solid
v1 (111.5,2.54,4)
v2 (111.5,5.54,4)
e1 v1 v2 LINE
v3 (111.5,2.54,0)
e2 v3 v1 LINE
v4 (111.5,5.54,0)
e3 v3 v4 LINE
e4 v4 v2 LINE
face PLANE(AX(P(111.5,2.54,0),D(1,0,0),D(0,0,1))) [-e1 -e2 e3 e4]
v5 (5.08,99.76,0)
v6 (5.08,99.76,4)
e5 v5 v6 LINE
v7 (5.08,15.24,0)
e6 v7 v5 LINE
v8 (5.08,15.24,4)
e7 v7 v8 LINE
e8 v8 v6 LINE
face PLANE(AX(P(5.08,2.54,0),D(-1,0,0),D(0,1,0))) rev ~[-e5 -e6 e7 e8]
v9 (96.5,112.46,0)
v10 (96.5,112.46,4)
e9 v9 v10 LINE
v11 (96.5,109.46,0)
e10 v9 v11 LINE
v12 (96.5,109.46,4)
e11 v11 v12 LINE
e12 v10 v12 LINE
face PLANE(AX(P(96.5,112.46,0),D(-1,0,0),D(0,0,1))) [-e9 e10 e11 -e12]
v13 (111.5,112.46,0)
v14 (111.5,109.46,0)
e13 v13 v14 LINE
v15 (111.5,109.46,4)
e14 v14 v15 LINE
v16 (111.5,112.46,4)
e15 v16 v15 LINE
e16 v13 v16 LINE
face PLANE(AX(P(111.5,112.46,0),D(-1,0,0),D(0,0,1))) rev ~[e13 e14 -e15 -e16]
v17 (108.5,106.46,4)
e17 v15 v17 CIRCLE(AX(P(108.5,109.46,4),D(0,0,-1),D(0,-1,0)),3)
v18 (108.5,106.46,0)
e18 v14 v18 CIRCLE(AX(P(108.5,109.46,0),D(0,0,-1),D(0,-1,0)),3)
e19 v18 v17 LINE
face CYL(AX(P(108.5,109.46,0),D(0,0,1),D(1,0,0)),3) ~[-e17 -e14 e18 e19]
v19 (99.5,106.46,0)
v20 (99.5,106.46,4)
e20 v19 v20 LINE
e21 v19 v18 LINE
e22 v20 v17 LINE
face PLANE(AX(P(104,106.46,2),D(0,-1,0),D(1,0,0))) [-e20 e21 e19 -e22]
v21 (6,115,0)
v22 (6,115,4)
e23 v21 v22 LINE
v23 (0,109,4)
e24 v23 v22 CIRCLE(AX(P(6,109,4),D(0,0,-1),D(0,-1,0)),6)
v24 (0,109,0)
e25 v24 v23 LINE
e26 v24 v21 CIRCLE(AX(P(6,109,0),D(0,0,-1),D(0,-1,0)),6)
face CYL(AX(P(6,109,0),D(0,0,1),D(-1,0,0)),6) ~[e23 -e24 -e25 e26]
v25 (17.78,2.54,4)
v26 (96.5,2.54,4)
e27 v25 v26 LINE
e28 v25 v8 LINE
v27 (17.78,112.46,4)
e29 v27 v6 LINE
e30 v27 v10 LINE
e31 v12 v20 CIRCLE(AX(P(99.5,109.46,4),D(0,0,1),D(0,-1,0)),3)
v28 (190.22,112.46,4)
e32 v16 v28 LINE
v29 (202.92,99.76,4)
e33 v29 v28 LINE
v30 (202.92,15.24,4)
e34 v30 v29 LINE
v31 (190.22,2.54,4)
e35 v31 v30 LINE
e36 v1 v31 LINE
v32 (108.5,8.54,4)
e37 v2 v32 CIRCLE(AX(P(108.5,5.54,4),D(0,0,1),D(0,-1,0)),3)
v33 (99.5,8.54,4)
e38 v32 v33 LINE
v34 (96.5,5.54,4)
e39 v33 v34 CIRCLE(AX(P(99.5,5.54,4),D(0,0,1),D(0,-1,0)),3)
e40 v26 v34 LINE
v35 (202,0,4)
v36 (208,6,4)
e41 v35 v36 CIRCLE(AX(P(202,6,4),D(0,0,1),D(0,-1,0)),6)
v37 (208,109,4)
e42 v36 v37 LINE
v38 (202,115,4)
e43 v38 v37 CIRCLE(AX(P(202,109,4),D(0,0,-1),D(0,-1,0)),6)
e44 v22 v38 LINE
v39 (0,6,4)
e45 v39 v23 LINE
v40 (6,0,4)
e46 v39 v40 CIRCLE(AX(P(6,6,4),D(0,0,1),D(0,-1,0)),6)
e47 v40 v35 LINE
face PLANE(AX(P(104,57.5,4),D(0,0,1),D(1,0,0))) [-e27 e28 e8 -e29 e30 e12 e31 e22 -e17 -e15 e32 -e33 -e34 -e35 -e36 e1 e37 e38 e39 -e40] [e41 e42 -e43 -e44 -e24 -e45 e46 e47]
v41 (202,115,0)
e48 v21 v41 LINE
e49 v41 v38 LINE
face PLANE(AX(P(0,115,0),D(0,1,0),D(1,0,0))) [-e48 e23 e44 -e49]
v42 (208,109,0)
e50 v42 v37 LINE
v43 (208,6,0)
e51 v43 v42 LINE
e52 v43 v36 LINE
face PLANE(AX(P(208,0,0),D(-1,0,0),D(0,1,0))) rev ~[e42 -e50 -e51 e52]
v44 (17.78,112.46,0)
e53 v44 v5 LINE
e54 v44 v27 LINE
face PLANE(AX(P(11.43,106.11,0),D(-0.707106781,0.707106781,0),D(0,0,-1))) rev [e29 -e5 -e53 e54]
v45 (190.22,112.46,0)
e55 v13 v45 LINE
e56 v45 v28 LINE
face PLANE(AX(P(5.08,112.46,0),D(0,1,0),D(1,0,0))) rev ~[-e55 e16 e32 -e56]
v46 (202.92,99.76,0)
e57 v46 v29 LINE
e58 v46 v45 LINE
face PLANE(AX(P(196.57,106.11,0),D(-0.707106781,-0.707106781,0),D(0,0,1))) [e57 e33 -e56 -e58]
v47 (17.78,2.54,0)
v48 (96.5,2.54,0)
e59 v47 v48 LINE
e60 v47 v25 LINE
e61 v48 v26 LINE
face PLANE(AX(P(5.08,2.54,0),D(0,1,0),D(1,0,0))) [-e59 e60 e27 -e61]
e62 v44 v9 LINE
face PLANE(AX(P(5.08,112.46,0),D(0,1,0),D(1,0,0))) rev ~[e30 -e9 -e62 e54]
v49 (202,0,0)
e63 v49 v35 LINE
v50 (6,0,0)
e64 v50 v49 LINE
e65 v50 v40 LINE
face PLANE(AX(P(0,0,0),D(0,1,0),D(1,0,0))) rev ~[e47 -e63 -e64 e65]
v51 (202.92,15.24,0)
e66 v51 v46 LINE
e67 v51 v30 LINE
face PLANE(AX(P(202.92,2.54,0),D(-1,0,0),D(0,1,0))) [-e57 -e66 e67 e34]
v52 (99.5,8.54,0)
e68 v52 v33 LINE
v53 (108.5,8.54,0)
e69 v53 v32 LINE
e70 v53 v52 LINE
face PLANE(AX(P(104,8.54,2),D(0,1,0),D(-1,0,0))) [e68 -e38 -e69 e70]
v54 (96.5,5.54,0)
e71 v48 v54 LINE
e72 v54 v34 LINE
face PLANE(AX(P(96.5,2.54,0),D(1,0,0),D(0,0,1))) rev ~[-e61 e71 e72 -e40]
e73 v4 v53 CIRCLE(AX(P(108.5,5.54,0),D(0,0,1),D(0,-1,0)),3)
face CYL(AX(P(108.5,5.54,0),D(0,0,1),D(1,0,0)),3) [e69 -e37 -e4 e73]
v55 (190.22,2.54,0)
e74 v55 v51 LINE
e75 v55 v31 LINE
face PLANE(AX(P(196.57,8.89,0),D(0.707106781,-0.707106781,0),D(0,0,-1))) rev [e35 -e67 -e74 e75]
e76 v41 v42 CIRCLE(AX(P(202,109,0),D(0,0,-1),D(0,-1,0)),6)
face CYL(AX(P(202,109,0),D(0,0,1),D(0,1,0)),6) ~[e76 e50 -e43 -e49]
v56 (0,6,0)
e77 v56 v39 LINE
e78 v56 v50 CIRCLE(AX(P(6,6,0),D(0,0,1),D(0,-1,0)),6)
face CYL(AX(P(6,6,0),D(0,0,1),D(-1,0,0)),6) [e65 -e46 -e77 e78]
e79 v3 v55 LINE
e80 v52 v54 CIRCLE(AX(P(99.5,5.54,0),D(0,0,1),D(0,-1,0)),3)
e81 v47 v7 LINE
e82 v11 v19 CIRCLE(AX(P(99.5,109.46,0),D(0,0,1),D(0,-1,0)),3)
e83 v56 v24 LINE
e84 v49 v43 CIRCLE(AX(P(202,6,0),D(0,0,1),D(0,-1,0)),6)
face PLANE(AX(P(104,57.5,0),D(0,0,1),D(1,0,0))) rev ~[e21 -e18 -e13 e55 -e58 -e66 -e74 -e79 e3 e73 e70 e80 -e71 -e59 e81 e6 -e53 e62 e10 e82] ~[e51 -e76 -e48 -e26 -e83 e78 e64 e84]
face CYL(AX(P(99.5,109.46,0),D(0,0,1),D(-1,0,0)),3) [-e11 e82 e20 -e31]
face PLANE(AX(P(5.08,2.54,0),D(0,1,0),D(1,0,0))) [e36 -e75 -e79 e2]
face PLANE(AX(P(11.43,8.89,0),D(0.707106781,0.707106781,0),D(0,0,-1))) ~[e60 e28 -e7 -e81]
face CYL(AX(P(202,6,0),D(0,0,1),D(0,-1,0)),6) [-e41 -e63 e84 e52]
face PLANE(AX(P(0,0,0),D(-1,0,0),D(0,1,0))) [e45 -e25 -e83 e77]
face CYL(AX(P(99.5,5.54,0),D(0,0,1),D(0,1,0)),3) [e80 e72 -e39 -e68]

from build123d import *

# Parameters (mm, degrees)
F0_W     = 208
F0_H     = 115
F0_W_2   = 197.84
F0_H_2   = 109.92
F1_DEPTH = 4
F2_R     = 6
F3_SIZE  = 12.7
F4_W     = 15
F4_H     = 4
F5_DEPTH = 6
F6_W     = 15
F6_H     = 4
F7_DEPTH = 6
F8_R     = 3


with BuildPart() as f1:
    # F0 (on Top) → F1 (new body)
    with BuildSketch(Plane.XY):
        with Locations((104, 57.5)):
            Rectangle(F0_W, F0_H)
        with Locations((104, 57.5)):
            Rectangle(F0_W_2, F0_H_2, mode=Mode.SUBTRACT)
    extrude(amount=F1_DEPTH)

    # F2
    f2_edges = [f1.edges().sort_by_distance(p)[0] for p in [
        (0, 115, 2),
        (208, 115, 2),
        (208, 0, 2),
        (0, 0, 2),
    ]]
    fillet(f2_edges, radius=F2_R)

    # F3
    f3_edges = [f1.edges().sort_by_distance(p)[0] for p in [
        (5.08, 112.46, 2),
        (202.92, 2.54, 2),
        (202.92, 112.46, 2),
        (5.08, 2.54, 2),
    ]]
    chamfer(f3_edges, length=F3_SIZE)

    # F4 (on face) → F5 (join)
    with BuildSketch(Plane(origin=(0, 2.54, 0), x_dir=(-1, 0, 0), z_dir=(0, 1, 0))):
        with Locations((-104, 2)):
            Rectangle(F4_W, F4_H)
    extrude(amount=F5_DEPTH)

    # F6 (on face) → F7 (join)
    with BuildSketch(Plane.XZ.offset(-112.46)):
        with Locations((104, 2)):
            Rectangle(F6_W, F6_H)
    extrude(amount=F7_DEPTH)

    # F8
    f8_edges = [f1.edges().sort_by_distance(p)[0] for p in [
        (96.5, 106.46, 2),
        (111.5, 106.46, 2),
        (111.5, 8.54, 2),
        (96.5, 8.54, 2),
    ]]
    fillet(f8_edges, radius=F8_R)


solid = f1.part
